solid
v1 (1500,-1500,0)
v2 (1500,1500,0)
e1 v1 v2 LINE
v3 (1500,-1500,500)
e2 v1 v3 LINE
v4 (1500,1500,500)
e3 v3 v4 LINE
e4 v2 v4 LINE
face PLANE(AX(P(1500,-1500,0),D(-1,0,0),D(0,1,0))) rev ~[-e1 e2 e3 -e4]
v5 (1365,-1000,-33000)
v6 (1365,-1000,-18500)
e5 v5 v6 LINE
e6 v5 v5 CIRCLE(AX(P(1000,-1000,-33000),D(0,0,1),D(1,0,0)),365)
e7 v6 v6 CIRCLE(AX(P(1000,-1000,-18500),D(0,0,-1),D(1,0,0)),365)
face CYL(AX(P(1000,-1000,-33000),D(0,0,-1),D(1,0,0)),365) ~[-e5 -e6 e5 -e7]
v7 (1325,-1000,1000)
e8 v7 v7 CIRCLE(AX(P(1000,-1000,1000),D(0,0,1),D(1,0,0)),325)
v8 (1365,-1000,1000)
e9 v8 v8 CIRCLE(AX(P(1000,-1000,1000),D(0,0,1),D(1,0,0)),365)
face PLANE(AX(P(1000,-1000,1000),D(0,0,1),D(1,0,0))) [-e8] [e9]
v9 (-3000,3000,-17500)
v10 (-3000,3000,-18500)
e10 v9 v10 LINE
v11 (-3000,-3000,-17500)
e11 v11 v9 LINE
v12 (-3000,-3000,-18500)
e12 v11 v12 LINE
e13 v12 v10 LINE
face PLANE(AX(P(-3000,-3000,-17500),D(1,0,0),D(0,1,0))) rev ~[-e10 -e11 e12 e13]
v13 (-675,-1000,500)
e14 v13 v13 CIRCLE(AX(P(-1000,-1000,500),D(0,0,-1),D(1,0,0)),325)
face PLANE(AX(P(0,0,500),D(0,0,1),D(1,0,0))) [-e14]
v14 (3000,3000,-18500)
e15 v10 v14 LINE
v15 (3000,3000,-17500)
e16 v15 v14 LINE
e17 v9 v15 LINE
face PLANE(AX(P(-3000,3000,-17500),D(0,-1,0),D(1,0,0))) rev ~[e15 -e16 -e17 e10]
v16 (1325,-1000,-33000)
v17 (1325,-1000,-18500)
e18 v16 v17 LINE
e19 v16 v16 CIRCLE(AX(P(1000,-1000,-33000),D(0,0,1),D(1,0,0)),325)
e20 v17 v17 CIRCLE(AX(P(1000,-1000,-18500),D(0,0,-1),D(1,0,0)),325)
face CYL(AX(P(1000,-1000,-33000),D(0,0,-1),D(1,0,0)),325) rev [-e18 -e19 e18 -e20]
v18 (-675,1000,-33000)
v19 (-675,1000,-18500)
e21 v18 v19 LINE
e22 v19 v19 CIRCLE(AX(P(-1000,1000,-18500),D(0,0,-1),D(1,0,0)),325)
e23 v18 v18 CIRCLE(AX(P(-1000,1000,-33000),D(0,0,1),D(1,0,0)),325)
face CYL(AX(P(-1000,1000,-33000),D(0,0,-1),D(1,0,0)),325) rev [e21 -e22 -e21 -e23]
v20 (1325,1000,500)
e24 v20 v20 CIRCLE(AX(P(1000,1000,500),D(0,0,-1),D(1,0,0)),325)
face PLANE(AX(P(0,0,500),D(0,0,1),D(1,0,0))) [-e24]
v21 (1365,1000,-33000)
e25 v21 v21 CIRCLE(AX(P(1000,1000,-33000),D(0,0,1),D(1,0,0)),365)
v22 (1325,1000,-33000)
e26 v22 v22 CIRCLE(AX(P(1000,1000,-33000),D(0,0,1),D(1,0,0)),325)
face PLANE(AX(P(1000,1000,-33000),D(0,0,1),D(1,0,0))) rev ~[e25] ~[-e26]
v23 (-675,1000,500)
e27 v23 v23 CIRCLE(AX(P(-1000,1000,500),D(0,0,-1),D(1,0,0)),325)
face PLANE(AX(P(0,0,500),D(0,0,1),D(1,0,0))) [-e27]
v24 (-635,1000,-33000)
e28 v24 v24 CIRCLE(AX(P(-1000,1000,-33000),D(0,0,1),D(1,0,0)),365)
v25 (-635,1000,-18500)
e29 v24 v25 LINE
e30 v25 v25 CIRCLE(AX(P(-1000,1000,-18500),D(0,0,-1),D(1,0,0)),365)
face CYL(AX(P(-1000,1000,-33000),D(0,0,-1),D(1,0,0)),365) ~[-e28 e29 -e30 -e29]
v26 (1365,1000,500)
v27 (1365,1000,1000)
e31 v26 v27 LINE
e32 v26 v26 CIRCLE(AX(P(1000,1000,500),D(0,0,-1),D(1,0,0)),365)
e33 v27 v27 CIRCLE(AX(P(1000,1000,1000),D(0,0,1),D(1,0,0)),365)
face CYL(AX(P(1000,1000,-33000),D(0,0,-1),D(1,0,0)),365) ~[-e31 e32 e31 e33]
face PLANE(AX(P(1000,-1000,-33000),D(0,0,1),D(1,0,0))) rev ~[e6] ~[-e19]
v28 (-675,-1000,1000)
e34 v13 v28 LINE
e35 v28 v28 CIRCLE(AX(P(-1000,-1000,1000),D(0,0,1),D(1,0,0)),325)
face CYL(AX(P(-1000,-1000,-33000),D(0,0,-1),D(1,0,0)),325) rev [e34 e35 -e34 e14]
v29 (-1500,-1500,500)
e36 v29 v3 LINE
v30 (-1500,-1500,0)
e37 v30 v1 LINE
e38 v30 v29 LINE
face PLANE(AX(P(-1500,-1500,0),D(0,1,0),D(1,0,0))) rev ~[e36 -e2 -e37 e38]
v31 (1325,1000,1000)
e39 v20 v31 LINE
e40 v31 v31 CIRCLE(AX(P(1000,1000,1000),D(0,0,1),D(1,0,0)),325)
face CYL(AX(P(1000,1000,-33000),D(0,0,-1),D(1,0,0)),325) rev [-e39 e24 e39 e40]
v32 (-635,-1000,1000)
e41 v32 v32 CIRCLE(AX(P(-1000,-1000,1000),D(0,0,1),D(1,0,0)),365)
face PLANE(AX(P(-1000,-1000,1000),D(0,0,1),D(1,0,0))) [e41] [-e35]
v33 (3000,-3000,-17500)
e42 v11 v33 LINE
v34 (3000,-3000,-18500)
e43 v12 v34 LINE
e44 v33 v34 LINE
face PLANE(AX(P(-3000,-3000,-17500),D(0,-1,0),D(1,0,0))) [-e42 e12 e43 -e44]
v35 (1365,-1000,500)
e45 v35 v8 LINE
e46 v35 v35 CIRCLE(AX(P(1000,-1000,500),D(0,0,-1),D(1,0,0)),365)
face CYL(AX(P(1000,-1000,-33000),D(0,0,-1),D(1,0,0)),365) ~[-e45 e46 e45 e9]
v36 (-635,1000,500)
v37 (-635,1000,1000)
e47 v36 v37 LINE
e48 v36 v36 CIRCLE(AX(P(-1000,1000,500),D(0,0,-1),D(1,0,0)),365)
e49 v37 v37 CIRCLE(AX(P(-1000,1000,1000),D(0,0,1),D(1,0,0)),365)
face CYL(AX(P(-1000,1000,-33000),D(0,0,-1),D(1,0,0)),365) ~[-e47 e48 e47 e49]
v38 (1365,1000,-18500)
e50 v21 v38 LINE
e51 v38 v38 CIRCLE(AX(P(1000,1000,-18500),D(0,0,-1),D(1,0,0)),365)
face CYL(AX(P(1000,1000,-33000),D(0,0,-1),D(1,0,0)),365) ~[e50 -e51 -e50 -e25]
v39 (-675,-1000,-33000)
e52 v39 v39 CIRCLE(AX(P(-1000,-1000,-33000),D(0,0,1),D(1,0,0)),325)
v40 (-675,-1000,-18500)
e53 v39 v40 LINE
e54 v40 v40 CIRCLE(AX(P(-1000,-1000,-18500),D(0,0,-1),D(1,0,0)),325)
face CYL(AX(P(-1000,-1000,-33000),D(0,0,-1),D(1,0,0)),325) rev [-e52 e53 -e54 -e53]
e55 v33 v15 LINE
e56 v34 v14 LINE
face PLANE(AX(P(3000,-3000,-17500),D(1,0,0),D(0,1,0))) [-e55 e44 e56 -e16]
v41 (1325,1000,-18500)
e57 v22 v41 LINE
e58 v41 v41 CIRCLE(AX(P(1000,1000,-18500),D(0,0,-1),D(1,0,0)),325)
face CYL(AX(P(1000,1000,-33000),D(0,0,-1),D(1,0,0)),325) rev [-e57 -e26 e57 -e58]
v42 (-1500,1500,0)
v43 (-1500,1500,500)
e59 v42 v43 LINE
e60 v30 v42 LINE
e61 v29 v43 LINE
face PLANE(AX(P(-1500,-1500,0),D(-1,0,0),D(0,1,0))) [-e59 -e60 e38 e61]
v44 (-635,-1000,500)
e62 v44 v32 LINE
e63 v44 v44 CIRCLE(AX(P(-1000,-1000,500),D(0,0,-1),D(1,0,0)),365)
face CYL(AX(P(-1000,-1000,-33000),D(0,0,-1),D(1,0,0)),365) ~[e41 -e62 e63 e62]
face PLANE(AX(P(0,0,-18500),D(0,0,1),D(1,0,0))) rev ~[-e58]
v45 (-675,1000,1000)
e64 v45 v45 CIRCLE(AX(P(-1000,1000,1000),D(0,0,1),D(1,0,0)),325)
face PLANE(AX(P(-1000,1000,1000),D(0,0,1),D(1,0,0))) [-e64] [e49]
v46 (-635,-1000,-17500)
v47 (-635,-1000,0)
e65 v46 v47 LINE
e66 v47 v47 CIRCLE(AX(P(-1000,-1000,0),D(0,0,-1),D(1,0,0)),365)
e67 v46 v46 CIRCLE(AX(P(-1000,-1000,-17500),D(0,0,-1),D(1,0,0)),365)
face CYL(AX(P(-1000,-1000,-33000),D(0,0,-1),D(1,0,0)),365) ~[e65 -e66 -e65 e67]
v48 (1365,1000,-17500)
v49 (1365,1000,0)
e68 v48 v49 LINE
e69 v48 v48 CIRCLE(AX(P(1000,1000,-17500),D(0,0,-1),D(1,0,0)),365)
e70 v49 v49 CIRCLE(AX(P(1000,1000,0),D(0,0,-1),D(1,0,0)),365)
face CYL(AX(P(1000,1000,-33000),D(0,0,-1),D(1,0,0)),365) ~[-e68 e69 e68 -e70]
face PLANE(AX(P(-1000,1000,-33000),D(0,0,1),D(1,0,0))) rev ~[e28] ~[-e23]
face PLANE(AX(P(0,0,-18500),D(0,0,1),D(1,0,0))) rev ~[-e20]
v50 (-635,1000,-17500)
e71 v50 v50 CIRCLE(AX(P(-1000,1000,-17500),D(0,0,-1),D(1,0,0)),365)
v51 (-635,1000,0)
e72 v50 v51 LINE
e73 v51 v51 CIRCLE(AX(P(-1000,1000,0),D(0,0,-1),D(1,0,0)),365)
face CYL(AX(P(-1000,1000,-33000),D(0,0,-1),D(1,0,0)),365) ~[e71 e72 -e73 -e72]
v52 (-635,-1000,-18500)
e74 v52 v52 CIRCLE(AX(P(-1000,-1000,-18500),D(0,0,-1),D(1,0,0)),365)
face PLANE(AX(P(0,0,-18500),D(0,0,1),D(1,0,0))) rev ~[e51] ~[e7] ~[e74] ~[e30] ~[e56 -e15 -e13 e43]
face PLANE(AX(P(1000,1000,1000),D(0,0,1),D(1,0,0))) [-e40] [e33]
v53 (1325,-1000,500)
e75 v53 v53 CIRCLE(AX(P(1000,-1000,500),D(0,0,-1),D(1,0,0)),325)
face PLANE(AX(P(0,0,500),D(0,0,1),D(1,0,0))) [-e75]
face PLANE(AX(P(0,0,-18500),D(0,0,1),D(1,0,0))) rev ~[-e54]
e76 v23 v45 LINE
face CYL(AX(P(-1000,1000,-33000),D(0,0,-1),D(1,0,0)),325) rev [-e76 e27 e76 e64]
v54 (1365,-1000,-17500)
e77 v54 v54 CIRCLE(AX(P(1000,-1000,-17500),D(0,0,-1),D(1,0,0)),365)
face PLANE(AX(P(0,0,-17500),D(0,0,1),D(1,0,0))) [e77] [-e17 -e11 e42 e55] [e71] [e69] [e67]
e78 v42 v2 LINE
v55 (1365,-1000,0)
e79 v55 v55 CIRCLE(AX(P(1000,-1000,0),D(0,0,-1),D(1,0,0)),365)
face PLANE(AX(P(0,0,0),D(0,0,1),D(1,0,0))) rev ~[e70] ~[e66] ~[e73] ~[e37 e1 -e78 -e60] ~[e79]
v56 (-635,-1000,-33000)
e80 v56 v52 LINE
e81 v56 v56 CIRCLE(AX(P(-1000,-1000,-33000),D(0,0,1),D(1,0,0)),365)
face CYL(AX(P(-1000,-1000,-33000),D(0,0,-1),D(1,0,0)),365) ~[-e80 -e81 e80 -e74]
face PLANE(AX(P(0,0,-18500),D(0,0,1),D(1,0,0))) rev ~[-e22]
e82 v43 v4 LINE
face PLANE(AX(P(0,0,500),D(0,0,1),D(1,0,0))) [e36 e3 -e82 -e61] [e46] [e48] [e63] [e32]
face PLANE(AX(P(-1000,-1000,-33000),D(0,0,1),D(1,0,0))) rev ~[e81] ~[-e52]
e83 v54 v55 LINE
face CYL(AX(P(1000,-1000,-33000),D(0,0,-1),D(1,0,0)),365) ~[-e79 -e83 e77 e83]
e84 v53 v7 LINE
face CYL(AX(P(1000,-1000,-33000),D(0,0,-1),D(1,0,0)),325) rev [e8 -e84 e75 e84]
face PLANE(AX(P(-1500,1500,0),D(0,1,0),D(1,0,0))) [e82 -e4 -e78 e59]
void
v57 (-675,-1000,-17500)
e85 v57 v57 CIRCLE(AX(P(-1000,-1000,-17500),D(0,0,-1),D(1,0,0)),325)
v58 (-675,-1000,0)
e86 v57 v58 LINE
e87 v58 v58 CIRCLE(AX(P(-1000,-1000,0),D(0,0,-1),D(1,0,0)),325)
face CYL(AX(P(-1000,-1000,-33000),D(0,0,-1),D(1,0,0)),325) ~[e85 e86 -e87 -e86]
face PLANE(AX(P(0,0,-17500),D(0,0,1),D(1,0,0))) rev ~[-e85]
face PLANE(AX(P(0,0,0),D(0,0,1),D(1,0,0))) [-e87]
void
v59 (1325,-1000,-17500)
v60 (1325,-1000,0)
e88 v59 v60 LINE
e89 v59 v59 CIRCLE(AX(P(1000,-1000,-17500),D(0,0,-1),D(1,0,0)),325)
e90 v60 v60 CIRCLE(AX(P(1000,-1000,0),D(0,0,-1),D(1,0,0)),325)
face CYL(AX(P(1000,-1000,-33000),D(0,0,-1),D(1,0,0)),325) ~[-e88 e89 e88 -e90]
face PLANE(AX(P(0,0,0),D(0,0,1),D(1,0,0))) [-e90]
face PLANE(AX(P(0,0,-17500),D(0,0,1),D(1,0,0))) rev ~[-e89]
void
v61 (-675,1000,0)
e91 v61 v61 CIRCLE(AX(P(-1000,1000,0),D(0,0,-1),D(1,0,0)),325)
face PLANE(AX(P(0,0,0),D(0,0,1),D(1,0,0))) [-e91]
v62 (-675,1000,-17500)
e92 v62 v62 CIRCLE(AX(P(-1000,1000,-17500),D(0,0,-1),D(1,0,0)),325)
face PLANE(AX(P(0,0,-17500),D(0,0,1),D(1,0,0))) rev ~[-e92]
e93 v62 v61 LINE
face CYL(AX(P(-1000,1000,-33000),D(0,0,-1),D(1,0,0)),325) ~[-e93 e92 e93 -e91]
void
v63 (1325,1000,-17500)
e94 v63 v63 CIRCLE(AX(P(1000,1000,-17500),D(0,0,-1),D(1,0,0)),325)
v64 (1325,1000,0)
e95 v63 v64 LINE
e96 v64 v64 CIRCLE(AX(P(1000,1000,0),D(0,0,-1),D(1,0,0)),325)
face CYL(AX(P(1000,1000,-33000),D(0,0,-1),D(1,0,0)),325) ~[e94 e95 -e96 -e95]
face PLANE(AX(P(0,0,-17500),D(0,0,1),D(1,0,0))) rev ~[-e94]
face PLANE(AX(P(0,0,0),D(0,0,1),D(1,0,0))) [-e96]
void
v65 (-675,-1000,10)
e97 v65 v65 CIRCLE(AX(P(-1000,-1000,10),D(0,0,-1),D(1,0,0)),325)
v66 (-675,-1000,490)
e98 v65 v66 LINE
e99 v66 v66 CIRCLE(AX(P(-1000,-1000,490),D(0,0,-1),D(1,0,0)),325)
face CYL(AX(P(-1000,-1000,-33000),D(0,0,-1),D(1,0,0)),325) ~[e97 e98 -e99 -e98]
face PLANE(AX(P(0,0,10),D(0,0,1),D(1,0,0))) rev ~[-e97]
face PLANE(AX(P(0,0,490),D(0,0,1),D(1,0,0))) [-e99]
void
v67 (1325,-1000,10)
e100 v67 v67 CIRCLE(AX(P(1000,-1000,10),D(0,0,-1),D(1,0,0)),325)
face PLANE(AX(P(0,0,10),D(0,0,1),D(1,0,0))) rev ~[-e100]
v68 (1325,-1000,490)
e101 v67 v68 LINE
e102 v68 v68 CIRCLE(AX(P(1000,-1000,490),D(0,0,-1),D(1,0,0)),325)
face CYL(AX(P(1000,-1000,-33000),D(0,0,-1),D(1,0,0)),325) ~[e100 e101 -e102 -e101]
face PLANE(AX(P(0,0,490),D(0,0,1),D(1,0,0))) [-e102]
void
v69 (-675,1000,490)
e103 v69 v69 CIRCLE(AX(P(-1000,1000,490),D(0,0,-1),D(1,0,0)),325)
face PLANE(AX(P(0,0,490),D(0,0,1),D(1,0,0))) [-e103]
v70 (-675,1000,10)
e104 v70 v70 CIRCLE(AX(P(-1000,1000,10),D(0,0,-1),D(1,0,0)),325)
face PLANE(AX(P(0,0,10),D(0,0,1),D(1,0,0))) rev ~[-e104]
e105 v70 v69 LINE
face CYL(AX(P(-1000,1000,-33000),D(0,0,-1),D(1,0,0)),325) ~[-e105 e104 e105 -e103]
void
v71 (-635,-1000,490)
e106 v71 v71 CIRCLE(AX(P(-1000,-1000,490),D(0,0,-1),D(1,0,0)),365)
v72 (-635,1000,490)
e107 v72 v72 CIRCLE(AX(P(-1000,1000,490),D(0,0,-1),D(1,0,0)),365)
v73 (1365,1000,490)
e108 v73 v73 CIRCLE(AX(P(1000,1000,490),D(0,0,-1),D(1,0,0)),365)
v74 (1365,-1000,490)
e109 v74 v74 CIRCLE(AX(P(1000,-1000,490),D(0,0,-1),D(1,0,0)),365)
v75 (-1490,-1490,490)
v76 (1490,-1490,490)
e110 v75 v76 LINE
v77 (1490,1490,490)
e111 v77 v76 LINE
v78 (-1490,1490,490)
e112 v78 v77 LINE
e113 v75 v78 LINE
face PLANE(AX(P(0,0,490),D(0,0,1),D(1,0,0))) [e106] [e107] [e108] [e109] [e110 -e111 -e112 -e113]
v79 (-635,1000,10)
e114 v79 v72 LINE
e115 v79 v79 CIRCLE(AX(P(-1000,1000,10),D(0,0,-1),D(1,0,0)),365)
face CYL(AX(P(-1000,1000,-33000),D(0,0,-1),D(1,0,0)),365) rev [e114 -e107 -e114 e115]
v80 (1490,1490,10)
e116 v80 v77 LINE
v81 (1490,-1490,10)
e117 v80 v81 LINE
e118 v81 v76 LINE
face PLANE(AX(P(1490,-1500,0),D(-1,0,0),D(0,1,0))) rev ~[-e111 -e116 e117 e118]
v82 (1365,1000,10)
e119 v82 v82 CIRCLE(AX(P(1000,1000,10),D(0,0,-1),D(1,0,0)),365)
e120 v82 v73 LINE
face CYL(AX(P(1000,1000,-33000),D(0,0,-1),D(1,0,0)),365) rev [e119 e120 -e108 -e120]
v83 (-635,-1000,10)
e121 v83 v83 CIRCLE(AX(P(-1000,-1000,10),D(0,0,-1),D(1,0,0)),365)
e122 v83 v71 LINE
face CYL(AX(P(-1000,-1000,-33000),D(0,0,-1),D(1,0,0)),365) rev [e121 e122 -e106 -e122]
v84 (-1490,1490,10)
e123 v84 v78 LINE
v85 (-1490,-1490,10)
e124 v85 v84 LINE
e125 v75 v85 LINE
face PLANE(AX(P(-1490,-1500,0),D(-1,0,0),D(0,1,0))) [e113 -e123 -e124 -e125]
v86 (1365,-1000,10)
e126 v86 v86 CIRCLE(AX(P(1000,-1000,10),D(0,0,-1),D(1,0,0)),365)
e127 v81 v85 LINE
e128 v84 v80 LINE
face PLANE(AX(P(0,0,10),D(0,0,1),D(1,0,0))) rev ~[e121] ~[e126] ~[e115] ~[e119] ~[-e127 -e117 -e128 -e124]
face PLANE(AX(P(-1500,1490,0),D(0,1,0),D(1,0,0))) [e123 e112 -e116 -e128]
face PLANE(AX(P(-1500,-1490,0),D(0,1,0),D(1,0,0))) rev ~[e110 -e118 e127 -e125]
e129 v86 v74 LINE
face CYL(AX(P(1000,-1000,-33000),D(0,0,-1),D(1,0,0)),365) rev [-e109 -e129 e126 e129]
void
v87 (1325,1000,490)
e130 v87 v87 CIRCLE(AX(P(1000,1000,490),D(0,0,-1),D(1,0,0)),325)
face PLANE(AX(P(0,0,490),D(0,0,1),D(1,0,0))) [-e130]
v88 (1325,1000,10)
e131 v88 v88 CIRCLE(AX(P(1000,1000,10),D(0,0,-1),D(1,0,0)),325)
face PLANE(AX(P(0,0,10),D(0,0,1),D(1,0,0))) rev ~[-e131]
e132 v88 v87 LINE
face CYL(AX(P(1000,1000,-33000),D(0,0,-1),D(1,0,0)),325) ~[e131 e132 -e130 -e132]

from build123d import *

# Parameters (mm, degrees)
SKETCH1_W            = 3000
SKETCH1_H            = 3000
BOSS_EXTRUDE1_DEPTH  = 500
SHELL1_T             = 10
EXTRUDE_THIN4_START  = -33000
SKETCH6_R            = 365
SKETCH6_R_2          = 325
EXTRUDE_THIN4_DEPTH  = 34000
LPATTERN1_COUNT      = 2
LPATTERN1_PITCH      = 2000
LPATTERN1_COUNT_DIR2 = 2
LPATTERN1_PITCH_DIR2 = 2000
SKETCH7_2_W          = 6000
SKETCH7_2_H          = 6000
BOSS_EXTRUDE3_DEPTH  = 1000


with BuildPart() as part:
    # Sketch1 → Boss-Extrude1 (new body)
    with BuildSketch(Plane.XY):
        Rectangle(SKETCH1_W, SKETCH1_H)
    extrude(amount=BOSS_EXTRUDE1_DEPTH)

    # Shell1 (no face opened: a closed hollow body)
    add(offset(amount=-SHELL1_T, mode=Mode.PRIVATE), mode=Mode.SUBTRACT)

    # Sketch6 → Extrude-Thin4 (add)
    with BuildSketch(Plane.XY.offset(EXTRUDE_THIN4_START)):
        with Locations((-1000, 1000)):
            Circle(SKETCH6_R)
        with Locations((-1000, 1000)):
            Circle(SKETCH6_R_2, mode=Mode.SUBTRACT)
    extrude_thin4 = extrude(amount=EXTRUDE_THIN4_DEPTH)

    # LPattern1: Extrude-Thin4 2 × 2
    with Locations(*[(i * LPATTERN1_PITCH, -j * LPATTERN1_PITCH_DIR2, 0) for i in range(LPATTERN1_COUNT) for j in range(LPATTERN1_COUNT_DIR2) if (i, j) != (0, 0)]):
        add(extrude_thin4)

    # Sketch7<2> → Boss-Extrude3 (add)
    with BuildSketch(Plane.XY.offset(-17500)):
        Rectangle(SKETCH7_2_W, SKETCH7_2_H)
    extrude(amount=-BOSS_EXTRUDE3_DEPTH)


solid = part.part
